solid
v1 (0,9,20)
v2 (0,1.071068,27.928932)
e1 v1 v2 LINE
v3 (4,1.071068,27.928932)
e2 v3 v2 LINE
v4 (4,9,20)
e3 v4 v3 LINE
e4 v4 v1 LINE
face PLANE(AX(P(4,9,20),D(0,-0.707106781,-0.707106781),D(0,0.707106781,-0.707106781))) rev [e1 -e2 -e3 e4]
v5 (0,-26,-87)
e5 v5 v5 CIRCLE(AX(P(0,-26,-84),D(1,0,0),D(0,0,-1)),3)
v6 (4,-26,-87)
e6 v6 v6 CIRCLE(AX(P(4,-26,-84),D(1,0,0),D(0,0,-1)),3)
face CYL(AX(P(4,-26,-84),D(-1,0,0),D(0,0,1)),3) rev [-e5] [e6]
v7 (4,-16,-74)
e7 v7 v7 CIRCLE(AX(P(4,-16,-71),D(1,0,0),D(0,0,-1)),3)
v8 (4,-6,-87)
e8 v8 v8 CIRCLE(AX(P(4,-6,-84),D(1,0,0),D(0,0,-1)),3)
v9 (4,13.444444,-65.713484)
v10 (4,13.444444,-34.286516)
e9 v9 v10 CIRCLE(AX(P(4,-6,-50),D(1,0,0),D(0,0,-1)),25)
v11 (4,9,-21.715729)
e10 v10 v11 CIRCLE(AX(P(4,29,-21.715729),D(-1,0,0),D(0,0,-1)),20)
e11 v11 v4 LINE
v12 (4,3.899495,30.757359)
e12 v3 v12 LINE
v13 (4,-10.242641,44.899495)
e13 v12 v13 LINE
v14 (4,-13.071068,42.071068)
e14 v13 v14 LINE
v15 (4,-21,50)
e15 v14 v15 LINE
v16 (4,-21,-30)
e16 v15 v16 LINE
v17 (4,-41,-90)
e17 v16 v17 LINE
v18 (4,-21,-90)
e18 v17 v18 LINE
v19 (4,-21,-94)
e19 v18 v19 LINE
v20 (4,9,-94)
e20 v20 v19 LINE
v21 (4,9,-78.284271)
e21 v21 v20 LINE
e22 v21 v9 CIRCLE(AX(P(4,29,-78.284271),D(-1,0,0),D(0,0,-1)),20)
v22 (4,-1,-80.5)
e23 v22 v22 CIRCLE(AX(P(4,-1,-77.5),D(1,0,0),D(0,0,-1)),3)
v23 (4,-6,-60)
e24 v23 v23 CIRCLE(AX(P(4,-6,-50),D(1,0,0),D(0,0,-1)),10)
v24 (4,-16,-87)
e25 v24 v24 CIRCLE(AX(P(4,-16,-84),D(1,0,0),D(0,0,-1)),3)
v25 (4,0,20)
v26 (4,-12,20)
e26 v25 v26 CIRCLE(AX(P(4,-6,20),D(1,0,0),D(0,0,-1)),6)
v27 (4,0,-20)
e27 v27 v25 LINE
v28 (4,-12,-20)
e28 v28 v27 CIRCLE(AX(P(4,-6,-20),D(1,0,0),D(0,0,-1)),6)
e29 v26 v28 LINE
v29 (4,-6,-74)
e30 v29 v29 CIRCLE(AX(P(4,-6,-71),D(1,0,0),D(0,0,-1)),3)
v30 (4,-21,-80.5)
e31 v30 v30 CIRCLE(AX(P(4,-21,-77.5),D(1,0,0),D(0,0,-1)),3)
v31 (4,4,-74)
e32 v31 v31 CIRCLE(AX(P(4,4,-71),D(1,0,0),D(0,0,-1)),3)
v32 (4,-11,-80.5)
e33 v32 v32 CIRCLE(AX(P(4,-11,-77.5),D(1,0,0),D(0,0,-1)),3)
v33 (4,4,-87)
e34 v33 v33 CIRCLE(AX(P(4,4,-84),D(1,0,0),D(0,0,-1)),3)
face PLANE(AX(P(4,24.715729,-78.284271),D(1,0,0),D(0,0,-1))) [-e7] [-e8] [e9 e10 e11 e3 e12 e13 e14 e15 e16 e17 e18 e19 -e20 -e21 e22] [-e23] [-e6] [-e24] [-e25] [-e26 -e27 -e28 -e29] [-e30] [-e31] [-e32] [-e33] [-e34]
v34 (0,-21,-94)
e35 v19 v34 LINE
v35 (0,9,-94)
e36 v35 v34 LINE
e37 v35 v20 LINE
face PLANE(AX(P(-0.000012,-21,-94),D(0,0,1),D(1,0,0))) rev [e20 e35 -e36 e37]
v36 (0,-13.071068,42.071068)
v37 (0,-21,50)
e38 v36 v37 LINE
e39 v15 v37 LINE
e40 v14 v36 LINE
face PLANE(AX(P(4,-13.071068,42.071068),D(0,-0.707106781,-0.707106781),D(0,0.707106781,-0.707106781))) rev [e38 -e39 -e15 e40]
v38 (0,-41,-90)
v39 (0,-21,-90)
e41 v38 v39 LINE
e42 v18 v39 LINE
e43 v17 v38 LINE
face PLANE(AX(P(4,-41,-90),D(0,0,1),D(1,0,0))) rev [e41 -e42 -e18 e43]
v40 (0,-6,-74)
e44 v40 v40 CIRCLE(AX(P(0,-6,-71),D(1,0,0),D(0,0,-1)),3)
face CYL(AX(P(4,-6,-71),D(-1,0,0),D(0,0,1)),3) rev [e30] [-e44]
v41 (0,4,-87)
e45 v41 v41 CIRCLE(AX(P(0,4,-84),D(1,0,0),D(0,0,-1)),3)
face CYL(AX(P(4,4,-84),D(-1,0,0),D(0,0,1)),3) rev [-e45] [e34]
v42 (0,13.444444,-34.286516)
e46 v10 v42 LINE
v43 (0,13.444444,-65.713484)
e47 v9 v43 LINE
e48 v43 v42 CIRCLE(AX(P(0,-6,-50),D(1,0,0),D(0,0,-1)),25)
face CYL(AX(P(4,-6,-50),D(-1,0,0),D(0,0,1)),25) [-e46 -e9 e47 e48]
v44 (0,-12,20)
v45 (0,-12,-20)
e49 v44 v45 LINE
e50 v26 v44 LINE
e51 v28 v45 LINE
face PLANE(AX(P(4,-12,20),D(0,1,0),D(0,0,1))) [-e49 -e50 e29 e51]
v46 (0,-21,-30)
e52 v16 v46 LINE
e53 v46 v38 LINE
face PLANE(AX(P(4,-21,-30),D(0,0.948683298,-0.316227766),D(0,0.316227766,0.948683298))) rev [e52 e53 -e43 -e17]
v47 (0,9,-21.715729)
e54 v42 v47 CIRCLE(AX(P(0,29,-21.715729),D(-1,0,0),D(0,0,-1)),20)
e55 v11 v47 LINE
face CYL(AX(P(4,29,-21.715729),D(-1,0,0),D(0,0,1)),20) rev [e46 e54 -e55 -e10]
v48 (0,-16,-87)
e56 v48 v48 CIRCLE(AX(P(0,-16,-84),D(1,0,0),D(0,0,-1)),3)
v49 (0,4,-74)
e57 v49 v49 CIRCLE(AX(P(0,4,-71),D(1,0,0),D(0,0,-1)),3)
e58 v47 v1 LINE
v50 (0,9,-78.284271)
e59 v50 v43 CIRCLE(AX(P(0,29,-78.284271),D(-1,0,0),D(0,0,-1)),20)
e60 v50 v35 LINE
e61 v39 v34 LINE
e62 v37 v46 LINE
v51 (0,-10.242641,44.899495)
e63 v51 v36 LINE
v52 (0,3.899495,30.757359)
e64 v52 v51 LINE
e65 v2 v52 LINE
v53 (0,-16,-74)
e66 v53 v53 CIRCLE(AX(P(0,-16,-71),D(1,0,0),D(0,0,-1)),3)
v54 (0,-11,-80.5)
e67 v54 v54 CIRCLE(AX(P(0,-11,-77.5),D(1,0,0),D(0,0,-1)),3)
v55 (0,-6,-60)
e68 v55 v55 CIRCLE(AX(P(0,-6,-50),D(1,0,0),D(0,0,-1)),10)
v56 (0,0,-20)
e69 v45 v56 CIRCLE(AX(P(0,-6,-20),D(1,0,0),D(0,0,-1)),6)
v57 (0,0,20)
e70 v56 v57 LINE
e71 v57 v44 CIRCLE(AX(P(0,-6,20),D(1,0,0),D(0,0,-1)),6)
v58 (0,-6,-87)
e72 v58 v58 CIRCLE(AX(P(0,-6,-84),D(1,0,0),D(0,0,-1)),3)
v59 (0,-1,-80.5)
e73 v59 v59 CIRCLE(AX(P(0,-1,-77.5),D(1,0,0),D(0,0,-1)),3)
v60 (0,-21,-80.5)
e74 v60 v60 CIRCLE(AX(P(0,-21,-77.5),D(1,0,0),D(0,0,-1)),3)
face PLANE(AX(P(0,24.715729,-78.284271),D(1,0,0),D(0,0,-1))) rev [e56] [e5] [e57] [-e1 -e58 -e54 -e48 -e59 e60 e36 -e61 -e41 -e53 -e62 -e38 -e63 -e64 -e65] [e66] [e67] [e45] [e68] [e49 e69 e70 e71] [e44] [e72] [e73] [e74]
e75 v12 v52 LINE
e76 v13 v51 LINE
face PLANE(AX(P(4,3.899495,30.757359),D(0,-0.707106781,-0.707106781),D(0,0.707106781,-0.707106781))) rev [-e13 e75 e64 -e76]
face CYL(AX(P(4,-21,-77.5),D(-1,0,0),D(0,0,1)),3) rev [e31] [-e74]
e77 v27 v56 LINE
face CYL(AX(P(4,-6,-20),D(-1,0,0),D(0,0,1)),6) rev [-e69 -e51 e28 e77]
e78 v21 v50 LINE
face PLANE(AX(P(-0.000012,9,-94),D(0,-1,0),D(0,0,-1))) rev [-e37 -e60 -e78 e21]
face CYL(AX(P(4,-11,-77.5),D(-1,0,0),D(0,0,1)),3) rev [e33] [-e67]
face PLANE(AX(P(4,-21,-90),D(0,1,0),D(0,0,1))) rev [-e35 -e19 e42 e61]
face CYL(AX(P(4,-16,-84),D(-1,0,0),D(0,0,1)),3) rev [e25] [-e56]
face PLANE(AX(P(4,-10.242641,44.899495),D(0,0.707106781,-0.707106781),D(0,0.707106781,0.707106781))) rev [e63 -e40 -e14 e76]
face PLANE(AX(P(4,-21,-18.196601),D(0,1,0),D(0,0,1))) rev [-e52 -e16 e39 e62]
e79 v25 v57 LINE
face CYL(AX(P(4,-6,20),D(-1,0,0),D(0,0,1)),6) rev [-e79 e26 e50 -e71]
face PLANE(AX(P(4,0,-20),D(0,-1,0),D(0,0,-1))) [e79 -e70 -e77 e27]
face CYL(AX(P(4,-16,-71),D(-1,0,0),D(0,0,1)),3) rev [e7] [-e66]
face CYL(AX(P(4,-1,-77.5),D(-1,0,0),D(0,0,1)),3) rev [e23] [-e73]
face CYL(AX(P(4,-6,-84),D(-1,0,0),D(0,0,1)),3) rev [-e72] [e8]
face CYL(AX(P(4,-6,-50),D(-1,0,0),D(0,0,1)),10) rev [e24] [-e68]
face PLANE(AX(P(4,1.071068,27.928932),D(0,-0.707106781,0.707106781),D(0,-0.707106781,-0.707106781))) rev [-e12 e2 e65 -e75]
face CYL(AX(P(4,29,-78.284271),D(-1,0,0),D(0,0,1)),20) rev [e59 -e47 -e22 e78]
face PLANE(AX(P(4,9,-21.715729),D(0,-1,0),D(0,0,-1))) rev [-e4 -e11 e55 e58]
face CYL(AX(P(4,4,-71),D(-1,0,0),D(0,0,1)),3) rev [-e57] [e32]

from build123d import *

# Parameters (mm, degrees)
SKETCH2_R               = 10
SKETCH2_R_2             = 3
BOSS_EXTRUDE1_DEPTH     = 4
CUT_EXTRUDE3_DEPTH      = 128.285567155
CUT_EXTRUDE3_DEPTH_BACK = 128.285567155


with BuildPart() as part:
    # Sketch2 → Boss-Extrude1 (new body)
    with BuildSketch(Plane(origin=(0, 0, 0), x_dir=(0, 0, -1), z_dir=(1, 0, 0))):
        with BuildLine():
            Line((119, 9), (119, 44.995728753))
            Line((119, 44.995728753), (94, 44.995728753))
            Line((94, 44.995728753), (94, 24.715728753))
            ThreePointArc((94, 24.715728753), (89.39696962, 13.60303038), (78.284271247, 9))
            ThreePointArc((78.284271247, 9), (71.617604581, 10.143819168), (65.713484026, 13.444444444))
            ThreePointArc((65.713484026, 13.444444444), (50, 19), (34.286515974, 13.444444444))
            ThreePointArc((34.286515974, 13.444444444), (28.382395419, 10.143819168), (21.715728753, 9))
            Line((21.715728753, 9), (-20, 9))
            Line((-20, 9), (-27.928932188, 1.071067812))
            Line((-27.928932188, 1.071067812), (-30.757359313, 3.899494937))
            Line((-30.757359313, 3.899494937), (-44.899494937, -10.242640687))
            Line((-44.899494937, -10.242640687), (-42.071067812, -13.071067812))
            Line((-42.071067812, -13.071067812), (-50, -21))
            Line((-50, -21), (18.196601125, -21))
            Line((18.196601125, -21), (30, -21))
            Line((30, -21), (90, -41))
            Line((90, -41), (90, -21))
            Line((90, -21), (94, -21))
            Line((94, -21), (94, -41))
            Line((94, -41), (119, 9))
        make_face()
        with Locations((50, -6)):
            Circle(SKETCH2_R, mode=Mode.SUBTRACT)
        with Locations((106.5, -6)):
            Circle(SKETCH2_R_2, mode=Mode.SUBTRACT)
        with Locations((106.5, 4)):
            Circle(SKETCH2_R_2, mode=Mode.SUBTRACT)
        with Locations((113, 9)):
            Circle(SKETCH2_R_2, mode=Mode.SUBTRACT)
        with Locations((106.5, 14)):
            Circle(SKETCH2_R_2, mode=Mode.SUBTRACT)
        with Locations((113, 19)):
            Circle(SKETCH2_R_2, mode=Mode.SUBTRACT)
        with Locations((106.5, 24)):
            Circle(SKETCH2_R_2, mode=Mode.SUBTRACT)
        with Locations((113, 29)):
            Circle(SKETCH2_R_2, mode=Mode.SUBTRACT)
        with Locations((113, 39)):
            Circle(SKETCH2_R_2, mode=Mode.SUBTRACT)
        with Locations((106.5, 34)):
            Circle(SKETCH2_R_2, mode=Mode.SUBTRACT)
        with Locations((100, 39)):
            Circle(SKETCH2_R_2, mode=Mode.SUBTRACT)
        with Locations((100, 29)):
            Circle(SKETCH2_R_2, mode=Mode.SUBTRACT)
        with Locations((100, 19)):
            Circle(SKETCH2_R_2, mode=Mode.SUBTRACT)
        with Locations((100, 9)):
            Circle(SKETCH2_R_2, mode=Mode.SUBTRACT)
        with Locations((100, -1)):
            Circle(SKETCH2_R_2, mode=Mode.SUBTRACT)
        with Locations((100, -11)):
            Circle(SKETCH2_R_2, mode=Mode.SUBTRACT)
        with Locations((84, 4)):
            Circle(SKETCH2_R_2, mode=Mode.SUBTRACT)
        with Locations((71, 4)):
            Circle(SKETCH2_R_2, mode=Mode.SUBTRACT)
        with Locations((77.5, -1)):
            Circle(SKETCH2_R_2, mode=Mode.SUBTRACT)
        with Locations((84, -6)):
            Circle(SKETCH2_R_2, mode=Mode.SUBTRACT)
        with Locations((84, -16)):
            Circle(SKETCH2_R_2, mode=Mode.SUBTRACT)
        with Locations((77.5, -11)):
            Circle(SKETCH2_R_2, mode=Mode.SUBTRACT)
        with Locations((71, -6)):
            Circle(SKETCH2_R_2, mode=Mode.SUBTRACT)
        with Locations((71, -16)):
            Circle(SKETCH2_R_2, mode=Mode.SUBTRACT)
        with Locations((84, -26)):
            Circle(SKETCH2_R_2, mode=Mode.SUBTRACT)
        with Locations((77.5, -21)):
            Circle(SKETCH2_R_2, mode=Mode.SUBTRACT)
        with BuildLine():
            Line((20, 0), (-20, 0))
            ThreePointArc((-20, 0), (-26, -6), (-20, -12))
            Line((-20, -12), (20, -12))
            ThreePointArc((20, -12), (26, -6), (20, 0))
        make_face(mode=Mode.SUBTRACT)
    extrude(amount=BOSS_EXTRUDE1_DEPTH)

    # Sketch3 → Cut-Extrude3 (cut, two sides: drawn at the far end of the back side and taken through both)
    with BuildSketch(Plane(origin=(0, 0, 0), x_dir=(0, 0, -1), z_dir=(1, 0, 0)).offset(-CUT_EXTRUDE3_DEPTH_BACK)):
        Polygon((94, -21), (94, 9), (78.284271247, 9), (78.284271247, 52.431858837), (131.189267146, 52.431858837), (131.189267146, -47.367568871), (90.840116585, -47.367568871), align=None)
    extrude(amount=CUT_EXTRUDE3_DEPTH + CUT_EXTRUDE3_DEPTH_BACK, mode=Mode.SUBTRACT)


solid = part.part
